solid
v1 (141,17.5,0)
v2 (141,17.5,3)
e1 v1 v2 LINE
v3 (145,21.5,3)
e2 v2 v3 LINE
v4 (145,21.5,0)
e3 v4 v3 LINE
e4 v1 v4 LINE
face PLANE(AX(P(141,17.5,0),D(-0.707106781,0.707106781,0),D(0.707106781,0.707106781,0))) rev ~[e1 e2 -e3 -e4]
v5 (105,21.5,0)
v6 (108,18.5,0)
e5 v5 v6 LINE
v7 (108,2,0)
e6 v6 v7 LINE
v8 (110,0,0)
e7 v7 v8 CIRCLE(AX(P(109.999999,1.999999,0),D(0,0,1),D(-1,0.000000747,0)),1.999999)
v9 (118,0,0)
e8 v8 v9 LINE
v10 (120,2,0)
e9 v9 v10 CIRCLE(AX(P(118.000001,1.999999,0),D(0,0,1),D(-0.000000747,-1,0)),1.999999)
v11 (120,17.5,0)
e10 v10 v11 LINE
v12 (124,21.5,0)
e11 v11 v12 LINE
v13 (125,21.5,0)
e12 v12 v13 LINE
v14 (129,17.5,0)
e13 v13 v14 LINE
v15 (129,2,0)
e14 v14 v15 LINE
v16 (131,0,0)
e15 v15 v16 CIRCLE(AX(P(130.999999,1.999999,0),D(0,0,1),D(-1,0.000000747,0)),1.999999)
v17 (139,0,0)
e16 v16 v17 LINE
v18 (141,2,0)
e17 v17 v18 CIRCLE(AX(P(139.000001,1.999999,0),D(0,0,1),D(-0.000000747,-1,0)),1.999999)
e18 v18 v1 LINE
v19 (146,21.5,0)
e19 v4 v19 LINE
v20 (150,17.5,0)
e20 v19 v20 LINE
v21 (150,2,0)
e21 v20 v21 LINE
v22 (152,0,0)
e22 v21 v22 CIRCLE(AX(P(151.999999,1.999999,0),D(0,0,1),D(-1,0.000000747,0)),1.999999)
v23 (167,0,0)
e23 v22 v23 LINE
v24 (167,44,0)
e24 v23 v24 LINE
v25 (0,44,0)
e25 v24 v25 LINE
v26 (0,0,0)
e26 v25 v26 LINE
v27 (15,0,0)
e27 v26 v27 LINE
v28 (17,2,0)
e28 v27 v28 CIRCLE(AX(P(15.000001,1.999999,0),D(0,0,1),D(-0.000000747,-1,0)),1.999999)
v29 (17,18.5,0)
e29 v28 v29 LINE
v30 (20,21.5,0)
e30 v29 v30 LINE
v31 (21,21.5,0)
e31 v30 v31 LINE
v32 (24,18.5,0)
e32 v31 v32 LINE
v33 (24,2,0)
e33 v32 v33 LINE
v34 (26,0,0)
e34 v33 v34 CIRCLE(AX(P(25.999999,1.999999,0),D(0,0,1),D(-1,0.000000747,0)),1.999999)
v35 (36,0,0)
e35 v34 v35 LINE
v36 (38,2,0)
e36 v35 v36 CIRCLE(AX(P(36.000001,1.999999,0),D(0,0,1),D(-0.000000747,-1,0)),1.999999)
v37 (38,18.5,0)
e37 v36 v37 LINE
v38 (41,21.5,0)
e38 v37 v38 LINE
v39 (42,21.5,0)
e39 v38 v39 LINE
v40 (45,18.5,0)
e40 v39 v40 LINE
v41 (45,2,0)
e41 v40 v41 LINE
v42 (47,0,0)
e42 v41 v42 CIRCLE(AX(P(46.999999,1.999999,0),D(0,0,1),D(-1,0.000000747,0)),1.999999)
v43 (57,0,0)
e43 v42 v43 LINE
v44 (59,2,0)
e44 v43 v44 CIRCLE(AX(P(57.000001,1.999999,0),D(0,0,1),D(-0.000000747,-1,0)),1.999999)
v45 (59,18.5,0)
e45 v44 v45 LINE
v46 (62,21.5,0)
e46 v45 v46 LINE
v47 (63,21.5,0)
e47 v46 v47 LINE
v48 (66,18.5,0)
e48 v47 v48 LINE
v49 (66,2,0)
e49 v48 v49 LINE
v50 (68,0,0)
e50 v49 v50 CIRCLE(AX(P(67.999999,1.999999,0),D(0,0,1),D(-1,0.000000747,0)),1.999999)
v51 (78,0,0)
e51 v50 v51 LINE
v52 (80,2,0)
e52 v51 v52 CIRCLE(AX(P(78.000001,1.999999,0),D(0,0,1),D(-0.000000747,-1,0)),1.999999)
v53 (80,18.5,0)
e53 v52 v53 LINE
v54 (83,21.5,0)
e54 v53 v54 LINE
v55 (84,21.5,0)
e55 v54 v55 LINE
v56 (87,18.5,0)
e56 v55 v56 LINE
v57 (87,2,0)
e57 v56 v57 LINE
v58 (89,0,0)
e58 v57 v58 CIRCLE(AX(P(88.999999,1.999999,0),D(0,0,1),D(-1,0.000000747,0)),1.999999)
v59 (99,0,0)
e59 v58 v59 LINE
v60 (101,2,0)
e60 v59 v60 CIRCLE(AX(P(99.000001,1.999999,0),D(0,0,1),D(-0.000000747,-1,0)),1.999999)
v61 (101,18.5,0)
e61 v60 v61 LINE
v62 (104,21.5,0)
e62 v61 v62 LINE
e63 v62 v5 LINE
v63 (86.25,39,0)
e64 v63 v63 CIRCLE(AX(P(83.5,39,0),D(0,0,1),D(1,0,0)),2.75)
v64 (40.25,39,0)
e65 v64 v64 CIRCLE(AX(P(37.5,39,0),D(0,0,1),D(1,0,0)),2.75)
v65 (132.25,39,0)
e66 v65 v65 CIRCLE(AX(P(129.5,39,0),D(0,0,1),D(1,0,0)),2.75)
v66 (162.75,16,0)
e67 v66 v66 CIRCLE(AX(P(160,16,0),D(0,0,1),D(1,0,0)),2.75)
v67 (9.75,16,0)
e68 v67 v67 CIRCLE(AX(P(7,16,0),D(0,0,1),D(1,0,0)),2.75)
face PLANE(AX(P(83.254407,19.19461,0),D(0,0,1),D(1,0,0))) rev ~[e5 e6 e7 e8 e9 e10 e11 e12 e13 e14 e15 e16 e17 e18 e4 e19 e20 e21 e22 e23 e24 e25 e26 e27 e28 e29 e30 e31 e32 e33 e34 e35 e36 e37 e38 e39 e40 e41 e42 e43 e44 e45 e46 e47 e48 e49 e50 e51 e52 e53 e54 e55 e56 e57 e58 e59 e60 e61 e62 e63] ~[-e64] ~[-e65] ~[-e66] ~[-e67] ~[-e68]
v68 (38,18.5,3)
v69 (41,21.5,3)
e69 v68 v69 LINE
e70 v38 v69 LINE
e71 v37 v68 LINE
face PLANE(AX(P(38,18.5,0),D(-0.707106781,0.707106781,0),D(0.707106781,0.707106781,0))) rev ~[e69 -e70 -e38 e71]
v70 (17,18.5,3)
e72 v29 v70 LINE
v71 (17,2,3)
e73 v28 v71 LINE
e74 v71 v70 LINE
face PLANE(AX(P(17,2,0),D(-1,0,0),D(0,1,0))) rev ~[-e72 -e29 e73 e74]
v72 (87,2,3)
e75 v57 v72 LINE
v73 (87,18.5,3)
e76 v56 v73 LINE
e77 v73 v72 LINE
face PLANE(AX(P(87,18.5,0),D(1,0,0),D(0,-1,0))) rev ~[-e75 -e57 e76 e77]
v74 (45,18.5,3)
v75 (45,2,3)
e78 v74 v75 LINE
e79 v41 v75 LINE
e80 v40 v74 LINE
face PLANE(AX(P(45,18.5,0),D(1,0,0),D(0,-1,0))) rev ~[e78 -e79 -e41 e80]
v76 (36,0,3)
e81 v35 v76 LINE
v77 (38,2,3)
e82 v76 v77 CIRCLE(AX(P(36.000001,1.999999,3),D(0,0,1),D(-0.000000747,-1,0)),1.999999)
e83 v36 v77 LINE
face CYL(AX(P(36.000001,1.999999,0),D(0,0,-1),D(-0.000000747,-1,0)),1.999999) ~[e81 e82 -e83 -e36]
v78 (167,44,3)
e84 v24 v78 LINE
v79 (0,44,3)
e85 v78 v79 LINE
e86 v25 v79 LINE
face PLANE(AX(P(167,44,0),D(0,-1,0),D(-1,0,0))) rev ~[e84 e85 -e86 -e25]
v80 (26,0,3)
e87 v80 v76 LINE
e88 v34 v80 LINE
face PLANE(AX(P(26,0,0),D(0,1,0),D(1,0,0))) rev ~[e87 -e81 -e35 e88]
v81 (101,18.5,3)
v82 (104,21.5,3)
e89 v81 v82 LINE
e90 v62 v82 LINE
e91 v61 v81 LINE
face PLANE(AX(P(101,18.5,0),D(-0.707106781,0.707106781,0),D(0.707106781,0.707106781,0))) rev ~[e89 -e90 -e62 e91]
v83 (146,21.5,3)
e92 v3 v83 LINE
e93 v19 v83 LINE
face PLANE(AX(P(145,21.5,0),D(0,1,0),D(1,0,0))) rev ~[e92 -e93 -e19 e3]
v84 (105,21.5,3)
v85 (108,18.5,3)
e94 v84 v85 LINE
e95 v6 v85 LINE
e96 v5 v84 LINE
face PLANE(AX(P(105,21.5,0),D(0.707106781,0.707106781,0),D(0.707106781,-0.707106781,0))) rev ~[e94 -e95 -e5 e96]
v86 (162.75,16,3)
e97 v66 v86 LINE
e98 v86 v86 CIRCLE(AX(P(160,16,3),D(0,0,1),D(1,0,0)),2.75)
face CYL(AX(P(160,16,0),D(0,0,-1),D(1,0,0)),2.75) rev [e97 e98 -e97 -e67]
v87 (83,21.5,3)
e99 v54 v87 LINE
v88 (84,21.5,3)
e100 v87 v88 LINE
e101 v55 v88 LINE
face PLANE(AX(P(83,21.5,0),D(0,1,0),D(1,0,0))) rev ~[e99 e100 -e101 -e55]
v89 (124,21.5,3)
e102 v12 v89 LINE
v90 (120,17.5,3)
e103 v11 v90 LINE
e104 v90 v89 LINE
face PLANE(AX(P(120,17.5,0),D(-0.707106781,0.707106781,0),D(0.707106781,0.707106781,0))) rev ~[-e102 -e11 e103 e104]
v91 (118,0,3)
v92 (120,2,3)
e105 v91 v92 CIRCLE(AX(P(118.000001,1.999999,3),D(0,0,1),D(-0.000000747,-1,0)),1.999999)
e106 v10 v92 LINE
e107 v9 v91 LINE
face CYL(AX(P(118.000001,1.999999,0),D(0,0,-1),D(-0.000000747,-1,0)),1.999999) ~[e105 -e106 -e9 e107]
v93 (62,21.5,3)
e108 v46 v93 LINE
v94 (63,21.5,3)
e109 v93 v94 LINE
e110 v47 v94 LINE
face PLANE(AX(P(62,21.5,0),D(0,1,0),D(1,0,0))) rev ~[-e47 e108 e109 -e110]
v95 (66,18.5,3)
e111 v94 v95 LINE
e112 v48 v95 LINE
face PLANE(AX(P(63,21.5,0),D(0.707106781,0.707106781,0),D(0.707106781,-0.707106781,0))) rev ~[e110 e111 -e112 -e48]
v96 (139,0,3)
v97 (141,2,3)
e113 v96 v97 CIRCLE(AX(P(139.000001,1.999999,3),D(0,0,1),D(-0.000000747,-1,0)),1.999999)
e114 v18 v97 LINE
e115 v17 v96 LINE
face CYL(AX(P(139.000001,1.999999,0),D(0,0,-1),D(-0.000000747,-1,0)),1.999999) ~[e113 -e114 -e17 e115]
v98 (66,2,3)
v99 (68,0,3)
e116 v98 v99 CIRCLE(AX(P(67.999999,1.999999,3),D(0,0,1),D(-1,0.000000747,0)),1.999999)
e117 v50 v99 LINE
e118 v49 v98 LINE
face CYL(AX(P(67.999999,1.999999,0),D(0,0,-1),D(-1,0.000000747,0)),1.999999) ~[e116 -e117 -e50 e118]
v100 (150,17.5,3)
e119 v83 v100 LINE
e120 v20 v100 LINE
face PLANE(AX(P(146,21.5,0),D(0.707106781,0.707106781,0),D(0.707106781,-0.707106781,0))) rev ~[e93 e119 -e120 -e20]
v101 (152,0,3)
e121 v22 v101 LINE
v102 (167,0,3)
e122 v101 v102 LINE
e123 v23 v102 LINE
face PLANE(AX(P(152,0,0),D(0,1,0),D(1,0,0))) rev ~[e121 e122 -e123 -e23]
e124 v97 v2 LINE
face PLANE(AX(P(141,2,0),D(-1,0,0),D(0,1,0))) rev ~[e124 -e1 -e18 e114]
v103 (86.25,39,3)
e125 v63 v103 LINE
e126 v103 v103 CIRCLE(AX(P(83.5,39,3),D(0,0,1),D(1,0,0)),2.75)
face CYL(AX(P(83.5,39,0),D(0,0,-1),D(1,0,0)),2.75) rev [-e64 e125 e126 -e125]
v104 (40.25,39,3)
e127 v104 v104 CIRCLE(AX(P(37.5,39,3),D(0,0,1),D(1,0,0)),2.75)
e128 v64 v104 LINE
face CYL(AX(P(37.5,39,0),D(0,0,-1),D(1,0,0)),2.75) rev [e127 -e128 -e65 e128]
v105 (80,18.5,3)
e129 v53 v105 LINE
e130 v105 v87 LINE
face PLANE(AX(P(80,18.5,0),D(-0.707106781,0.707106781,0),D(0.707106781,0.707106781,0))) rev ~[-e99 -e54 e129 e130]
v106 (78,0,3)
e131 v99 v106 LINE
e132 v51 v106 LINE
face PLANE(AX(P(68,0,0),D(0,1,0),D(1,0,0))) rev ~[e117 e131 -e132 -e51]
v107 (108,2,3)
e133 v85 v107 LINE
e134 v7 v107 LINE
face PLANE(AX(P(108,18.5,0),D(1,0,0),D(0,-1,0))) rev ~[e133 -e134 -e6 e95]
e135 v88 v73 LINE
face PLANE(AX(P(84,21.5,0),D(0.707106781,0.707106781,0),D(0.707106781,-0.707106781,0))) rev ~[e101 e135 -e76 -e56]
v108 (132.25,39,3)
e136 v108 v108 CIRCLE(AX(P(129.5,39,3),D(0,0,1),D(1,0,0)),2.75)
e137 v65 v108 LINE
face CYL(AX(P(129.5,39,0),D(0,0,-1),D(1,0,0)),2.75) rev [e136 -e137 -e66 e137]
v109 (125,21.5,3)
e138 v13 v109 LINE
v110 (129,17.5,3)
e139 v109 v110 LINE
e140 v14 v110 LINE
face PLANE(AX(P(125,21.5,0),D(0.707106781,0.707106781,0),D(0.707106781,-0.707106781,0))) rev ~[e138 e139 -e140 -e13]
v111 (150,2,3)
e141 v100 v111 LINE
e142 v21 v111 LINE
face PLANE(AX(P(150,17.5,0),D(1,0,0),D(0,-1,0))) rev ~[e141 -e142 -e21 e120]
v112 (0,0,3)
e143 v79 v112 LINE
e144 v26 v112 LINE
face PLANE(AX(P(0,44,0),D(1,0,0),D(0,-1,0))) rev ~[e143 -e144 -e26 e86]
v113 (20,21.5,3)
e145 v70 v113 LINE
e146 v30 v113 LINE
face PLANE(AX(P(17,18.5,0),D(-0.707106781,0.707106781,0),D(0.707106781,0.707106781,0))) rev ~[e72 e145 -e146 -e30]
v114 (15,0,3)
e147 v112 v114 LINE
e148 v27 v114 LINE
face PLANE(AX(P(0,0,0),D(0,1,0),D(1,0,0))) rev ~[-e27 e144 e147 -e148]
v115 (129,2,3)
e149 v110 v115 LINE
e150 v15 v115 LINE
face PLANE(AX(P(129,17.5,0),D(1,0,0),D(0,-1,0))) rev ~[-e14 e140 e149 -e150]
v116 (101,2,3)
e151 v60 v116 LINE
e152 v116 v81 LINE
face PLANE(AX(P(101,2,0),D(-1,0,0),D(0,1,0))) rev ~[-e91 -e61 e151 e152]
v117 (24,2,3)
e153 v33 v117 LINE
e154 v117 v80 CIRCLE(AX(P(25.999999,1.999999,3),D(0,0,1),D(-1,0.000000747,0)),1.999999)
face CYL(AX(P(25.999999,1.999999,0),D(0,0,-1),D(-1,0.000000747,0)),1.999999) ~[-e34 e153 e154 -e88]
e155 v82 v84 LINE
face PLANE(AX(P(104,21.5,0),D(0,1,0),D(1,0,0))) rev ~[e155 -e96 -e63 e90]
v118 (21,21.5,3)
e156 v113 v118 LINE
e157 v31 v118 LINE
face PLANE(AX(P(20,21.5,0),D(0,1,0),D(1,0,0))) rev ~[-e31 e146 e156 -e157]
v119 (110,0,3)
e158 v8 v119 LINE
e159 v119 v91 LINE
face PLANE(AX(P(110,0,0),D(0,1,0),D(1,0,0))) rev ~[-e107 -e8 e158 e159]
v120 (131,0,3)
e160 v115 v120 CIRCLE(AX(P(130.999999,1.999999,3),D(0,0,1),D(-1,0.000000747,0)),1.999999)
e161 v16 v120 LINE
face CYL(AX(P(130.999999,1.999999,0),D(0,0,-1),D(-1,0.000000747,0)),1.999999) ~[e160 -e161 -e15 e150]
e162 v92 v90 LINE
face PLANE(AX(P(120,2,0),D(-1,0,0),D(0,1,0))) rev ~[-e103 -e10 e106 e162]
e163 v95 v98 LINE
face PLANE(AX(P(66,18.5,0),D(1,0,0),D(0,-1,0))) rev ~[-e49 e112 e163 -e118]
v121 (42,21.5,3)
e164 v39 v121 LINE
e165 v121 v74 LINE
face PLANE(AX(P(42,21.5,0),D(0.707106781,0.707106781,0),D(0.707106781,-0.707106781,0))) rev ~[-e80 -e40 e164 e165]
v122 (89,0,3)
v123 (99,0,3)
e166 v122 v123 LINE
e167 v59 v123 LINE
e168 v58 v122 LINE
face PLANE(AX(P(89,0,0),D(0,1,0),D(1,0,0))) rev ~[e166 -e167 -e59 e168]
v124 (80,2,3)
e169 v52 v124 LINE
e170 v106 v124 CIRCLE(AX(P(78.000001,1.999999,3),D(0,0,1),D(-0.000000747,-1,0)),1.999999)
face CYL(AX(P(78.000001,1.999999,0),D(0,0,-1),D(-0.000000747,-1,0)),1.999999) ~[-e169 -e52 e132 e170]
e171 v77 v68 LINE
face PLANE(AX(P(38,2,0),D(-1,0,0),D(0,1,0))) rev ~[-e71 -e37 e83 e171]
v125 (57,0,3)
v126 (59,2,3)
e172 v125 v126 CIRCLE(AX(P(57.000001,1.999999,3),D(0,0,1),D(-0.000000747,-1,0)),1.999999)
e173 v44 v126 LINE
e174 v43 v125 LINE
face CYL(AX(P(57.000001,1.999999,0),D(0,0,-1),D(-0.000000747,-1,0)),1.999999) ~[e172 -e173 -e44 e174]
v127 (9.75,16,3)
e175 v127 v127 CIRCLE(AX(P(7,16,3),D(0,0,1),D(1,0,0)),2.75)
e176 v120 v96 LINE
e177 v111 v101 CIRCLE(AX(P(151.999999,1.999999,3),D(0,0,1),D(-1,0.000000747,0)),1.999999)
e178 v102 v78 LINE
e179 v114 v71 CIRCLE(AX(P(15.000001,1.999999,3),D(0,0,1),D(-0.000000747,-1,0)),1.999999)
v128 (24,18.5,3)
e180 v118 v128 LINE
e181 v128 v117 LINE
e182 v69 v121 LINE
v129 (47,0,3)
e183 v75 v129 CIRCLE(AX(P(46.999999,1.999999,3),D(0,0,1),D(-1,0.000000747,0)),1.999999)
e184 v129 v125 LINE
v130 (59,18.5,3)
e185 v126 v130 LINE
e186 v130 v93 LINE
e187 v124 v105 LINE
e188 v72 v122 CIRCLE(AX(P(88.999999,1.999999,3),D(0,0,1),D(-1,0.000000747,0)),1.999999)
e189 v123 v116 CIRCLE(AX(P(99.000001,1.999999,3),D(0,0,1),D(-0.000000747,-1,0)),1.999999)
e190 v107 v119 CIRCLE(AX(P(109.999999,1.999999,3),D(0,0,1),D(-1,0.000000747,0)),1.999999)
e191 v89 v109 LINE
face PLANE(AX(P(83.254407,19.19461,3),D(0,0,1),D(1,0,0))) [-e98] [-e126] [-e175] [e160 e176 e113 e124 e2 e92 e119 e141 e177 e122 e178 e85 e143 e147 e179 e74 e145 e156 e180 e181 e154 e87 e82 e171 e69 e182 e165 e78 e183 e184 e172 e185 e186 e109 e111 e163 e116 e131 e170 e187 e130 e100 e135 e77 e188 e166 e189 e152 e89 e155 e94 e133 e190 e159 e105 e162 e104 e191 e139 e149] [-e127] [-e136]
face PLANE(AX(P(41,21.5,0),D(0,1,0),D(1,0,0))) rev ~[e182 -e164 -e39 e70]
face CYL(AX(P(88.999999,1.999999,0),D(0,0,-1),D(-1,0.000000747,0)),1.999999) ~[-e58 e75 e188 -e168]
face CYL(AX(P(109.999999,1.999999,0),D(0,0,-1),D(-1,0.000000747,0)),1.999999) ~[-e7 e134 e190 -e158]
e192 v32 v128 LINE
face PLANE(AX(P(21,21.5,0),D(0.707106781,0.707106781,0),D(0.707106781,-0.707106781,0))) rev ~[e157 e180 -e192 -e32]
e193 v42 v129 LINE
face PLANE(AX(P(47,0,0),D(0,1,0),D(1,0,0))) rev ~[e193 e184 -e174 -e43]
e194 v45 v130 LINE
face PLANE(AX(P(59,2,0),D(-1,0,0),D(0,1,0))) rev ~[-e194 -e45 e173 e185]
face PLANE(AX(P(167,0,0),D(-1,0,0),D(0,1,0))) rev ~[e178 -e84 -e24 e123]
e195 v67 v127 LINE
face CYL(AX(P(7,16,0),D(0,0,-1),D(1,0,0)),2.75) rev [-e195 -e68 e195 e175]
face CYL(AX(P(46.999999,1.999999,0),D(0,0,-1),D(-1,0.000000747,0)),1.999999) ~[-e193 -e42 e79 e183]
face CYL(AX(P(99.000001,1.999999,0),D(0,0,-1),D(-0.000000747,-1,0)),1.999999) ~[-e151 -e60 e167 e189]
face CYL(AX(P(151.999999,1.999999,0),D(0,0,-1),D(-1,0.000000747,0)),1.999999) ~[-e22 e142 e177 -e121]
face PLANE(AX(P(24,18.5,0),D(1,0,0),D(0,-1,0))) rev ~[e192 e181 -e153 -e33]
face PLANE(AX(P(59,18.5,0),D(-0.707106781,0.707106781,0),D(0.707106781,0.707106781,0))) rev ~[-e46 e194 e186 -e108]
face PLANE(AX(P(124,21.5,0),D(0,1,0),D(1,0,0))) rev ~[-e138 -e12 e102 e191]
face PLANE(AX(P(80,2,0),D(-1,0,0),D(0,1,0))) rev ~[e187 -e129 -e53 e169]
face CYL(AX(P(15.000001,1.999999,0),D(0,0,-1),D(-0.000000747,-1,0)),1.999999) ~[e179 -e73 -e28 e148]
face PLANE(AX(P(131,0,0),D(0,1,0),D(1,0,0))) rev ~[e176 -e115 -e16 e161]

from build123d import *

# Parameters (mm, degrees)
F0_R     = 2.75
F1_DEPTH = 3


with BuildPart() as f1:
    # F0 (on Top) → F1 (new body)
    with BuildSketch(Plane.XY):
        with BuildLine():
            Line((0, 44), (0, 0))
            Line((0, 0), (15, 0))
            ThreePointArc((15, 0), (16.414214, 0.585786), (17, 2))
            Line((17, 2), (17, 18.5))
            Line((17, 18.5), (17, 19))
            ThreePointArc((17, 19), (17.87868, 21.12132), (20, 22))
            Line((20, 22), (20.5, 22))
            Line((20.5, 22), (21, 22))
            ThreePointArc((21, 22), (23.12132, 21.12132), (24, 19))
            Line((24, 19), (24, 18.5))
            Line((24, 18.5), (24, 2))
            ThreePointArc((24, 2), (24.585786, 0.585786), (26, 0))
            Line((26, 0), (36, 0))
            ThreePointArc((36, 0), (37.414214, 0.585786), (38, 2))
            Line((38, 2), (38, 18.5))
            Line((38, 18.5), (38, 19))
            ThreePointArc((38, 19), (38.87868, 21.12132), (41, 22))
            Line((41, 22), (41.5, 22))
            Line((41.5, 22), (42, 22))
            ThreePointArc((42, 22), (44.12132, 21.12132), (45, 19))
            Line((45, 19), (45, 18.5))
            Line((45, 18.5), (45, 2))
            ThreePointArc((45, 2), (45.585786, 0.585786), (47, 0))
            Line((47, 0), (57, 0))
            ThreePointArc((57, 0), (58.414214, 0.585786), (59, 2))
            Line((59, 2), (59, 18.5))
            Line((59, 18.5), (59, 19))
            ThreePointArc((59, 19), (59.87868, 21.12132), (62, 22))
            Line((62, 22), (62.5, 22))
            Line((62.5, 22), (63, 22))
            ThreePointArc((63, 22), (65.12132, 21.12132), (66, 19))
            Line((66, 19), (66, 18.5))
            Line((66, 18.5), (66, 2))
            ThreePointArc((66, 2), (66.585786, 0.585786), (68, 0))
            Line((68, 0), (78, 0))
            ThreePointArc((78, 0), (79.414214, 0.585786), (80, 2))
            Line((80, 2), (80, 18.5))
            Line((80, 18.5), (80, 19))
            ThreePointArc((80, 19), (80.87868, 21.12132), (83, 22))
            Line((83, 22), (83.5, 22))
            Line((83.5, 22), (84, 22))
            ThreePointArc((84, 22), (86.12132, 21.12132), (87, 19))
            Line((87, 19), (87, 18.5))
            Line((87, 18.5), (87, 2))
            ThreePointArc((87, 2), (87.585786, 0.585786), (89, 0))
            Line((89, 0), (99, 0))
            ThreePointArc((99, 0), (100.414214, 0.585786), (101, 2))
            Line((101, 2), (101, 18.5))
            Line((101, 18.5), (101, 19))
            ThreePointArc((101, 19), (101.87868, 21.12132), (104, 22))
            Line((104, 22), (104.5, 22))
            Line((104.5, 22), (105, 22))
            ThreePointArc((105, 22), (107.12132, 21.12132), (108, 19))
            Line((108, 19), (108, 18.5))
            Line((108, 18.5), (108, 2))
            ThreePointArc((108, 2), (108.585786, 0.585786), (110, 0))
            Line((110, 0), (118, 0))
            ThreePointArc((118, 0), (119.414214, 0.585786), (120, 2))
            Line((120, 2), (120, 17.5))
            Line((120, 17.5), (120, 18))
            ThreePointArc((120, 18), (121.171573, 20.828427), (124, 22))
            Line((124, 22), (124.5, 22))
            Line((124.5, 22), (125, 22))
            ThreePointArc((125, 22), (127.828427, 20.828427), (129, 18))
            Line((129, 18), (129, 17.5))
            Line((129, 17.5), (129, 2))
            ThreePointArc((129, 2), (129.585786, 0.585786), (131, 0))
            Line((131, 0), (139, 0))
            ThreePointArc((139, 0), (140.414214, 0.585786), (141, 2))
            Line((141, 2), (141, 17.5))
            Line((141, 17.5), (141, 18))
            ThreePointArc((141, 18), (142.171573, 20.828427), (145, 22))
            Line((145, 22), (145.5, 22))
            Line((145.5, 22), (146, 22))
            ThreePointArc((146, 22), (148.828427, 20.828427), (150, 18))
            Line((150, 18), (150, 17.5))
            Line((150, 17.5), (150, 2))
            ThreePointArc((150, 2), (150.585786, 0.585786), (152, 0))
            Line((152, 0), (167, 0))
            Line((167, 0), (167, 44))
            Line((167, 44), (0, 44))
        make_face()
        with Locations((7, 16)):
            Circle(F0_R, mode=Mode.SUBTRACT)
        with Locations((160, 16)):
            Circle(F0_R, mode=Mode.SUBTRACT)
        with Locations((37.5, 39)):
            Circle(F0_R, mode=Mode.SUBTRACT)
        with Locations((83.5, 39)):
            Circle(F0_R, mode=Mode.SUBTRACT)
        with Locations((129.5, 39)):
            Circle(F0_R, mode=Mode.SUBTRACT)
        with BuildLine():
            Line((17, 19), (17, 18.5))
            Line((17, 18.5), (20, 21.5))
            Line((20, 21.5), (20.5, 22))
            Line((20.5, 22), (20, 22))
            ThreePointArc((20, 22), (17.87868, 21.12132), (17, 19))
        make_face()
        with BuildLine():
            Line((21, 22), (20.5, 22))
            Line((20.5, 22), (21, 21.5))
            Line((21, 21.5), (24, 18.5))
            Line((24, 18.5), (24, 19))
            ThreePointArc((24, 19), (23.12132, 21.12132), (21, 22))
        make_face()
        Polygon((20.5, 22), (20, 21.5), (21, 21.5), align=None)
        with BuildLine():
            Line((38, 19), (38, 18.5))
            Line((38, 18.5), (41, 21.5))
            Line((41, 21.5), (41.5, 22))
            Line((41.5, 22), (41, 22))
            ThreePointArc((41, 22), (38.87868, 21.12132), (38, 19))
        make_face()
        Polygon((41.5, 22), (41, 21.5), (42, 21.5), align=None)
        with BuildLine():
            Line((42, 22), (41.5, 22))
            Line((41.5, 22), (42, 21.5))
            Line((42, 21.5), (45, 18.5))
            Line((45, 18.5), (45, 19))
            ThreePointArc((45, 19), (44.12132, 21.12132), (42, 22))
        make_face()
        with BuildLine():
            Line((80, 19), (80, 18.5))
            Line((80, 18.5), (83, 21.5))
            Line((83, 21.5), (83.5, 22))
            Line((83.5, 22), (83, 22))
            ThreePointArc((83, 22), (80.87868, 21.12132), (80, 19))
        make_face()
        Polygon((83.5, 22), (83, 21.5), (84, 21.5), align=None)
        with BuildLine():
            Line((84, 22), (83.5, 22))
            Line((83.5, 22), (84, 21.5))
            Line((84, 21.5), (87, 18.5))
            Line((87, 18.5), (87, 19))
            ThreePointArc((87, 19), (86.12132, 21.12132), (84, 22))
        make_face()
        with BuildLine():
            Line((101, 18.5), (104, 21.5))
            Line((104, 21.5), (104.5, 22))
            Line((104.5, 22), (104, 22))
            ThreePointArc((104, 22), (101.87868, 21.12132), (101, 19))
            Line((101, 19), (101, 18.5))
        make_face()
        Polygon((104, 21.5), (105, 21.5), (104.5, 22), align=None)
        with BuildLine():
            Line((105, 21.5), (108, 18.5))
            Line((108, 18.5), (108, 19))
            ThreePointArc((108, 19), (107.12132, 21.12132), (105, 22))
            Line((105, 22), (104.5, 22))
            Line((104.5, 22), (105, 21.5))
        make_face()
        with BuildLine():
            Line((124, 21.5), (124.5, 22))
            Line((124.5, 22), (124, 22))
            ThreePointArc((124, 22), (121.171573, 20.828427), (120, 18))
            Line((120, 18), (120, 17.5))
            Line((120, 17.5), (124, 21.5))
        make_face()
        Polygon((124, 21.5), (125, 21.5), (124.5, 22), align=None)
        with BuildLine():
            Line((125, 21.5), (129, 17.5))
            Line((129, 17.5), (129, 18))
            ThreePointArc((129, 18), (127.828427, 20.828427), (125, 22))
            Line((125, 22), (124.5, 22))
            Line((124.5, 22), (125, 21.5))
        make_face()
        with BuildLine():
            Line((141, 17.5), (145, 21.5))
            Line((145, 21.5), (145.5, 22))
            Line((145.5, 22), (145, 22))
            ThreePointArc((145, 22), (142.171573, 20.828427), (141, 18))
            Line((141, 18), (141, 17.5))
        make_face()
        Polygon((145, 21.5), (146, 21.5), (145.5, 22), align=None)
        with BuildLine():
            Line((146, 21.5), (150, 17.5))
            Line((150, 17.5), (150, 18))
            ThreePointArc((150, 18), (148.828427, 20.828427), (146, 22))
            Line((146, 22), (145.5, 22))
            Line((145.5, 22), (146, 21.5))
        make_face()
        with BuildLine():
            Line((59, 19), (59, 18.5))
            Line((59, 18.5), (62, 21.5))
            Line((62, 21.5), (62.5, 22))
            Line((62.5, 22), (62, 22))
            ThreePointArc((62, 22), (59.87868, 21.12132), (59, 19))
        make_face()
        Polygon((62.5, 22), (62, 21.5), (63, 21.5), align=None)
        with BuildLine():
            Line((63, 22), (62.5, 22))
            Line((62.5, 22), (63, 21.5))
            Line((63, 21.5), (66, 18.5))
            Line((66, 18.5), (66, 19))
            ThreePointArc((66, 19), (65.12132, 21.12132), (63, 22))
        make_face()
    extrude(amount=F1_DEPTH)


solid = f1.part
